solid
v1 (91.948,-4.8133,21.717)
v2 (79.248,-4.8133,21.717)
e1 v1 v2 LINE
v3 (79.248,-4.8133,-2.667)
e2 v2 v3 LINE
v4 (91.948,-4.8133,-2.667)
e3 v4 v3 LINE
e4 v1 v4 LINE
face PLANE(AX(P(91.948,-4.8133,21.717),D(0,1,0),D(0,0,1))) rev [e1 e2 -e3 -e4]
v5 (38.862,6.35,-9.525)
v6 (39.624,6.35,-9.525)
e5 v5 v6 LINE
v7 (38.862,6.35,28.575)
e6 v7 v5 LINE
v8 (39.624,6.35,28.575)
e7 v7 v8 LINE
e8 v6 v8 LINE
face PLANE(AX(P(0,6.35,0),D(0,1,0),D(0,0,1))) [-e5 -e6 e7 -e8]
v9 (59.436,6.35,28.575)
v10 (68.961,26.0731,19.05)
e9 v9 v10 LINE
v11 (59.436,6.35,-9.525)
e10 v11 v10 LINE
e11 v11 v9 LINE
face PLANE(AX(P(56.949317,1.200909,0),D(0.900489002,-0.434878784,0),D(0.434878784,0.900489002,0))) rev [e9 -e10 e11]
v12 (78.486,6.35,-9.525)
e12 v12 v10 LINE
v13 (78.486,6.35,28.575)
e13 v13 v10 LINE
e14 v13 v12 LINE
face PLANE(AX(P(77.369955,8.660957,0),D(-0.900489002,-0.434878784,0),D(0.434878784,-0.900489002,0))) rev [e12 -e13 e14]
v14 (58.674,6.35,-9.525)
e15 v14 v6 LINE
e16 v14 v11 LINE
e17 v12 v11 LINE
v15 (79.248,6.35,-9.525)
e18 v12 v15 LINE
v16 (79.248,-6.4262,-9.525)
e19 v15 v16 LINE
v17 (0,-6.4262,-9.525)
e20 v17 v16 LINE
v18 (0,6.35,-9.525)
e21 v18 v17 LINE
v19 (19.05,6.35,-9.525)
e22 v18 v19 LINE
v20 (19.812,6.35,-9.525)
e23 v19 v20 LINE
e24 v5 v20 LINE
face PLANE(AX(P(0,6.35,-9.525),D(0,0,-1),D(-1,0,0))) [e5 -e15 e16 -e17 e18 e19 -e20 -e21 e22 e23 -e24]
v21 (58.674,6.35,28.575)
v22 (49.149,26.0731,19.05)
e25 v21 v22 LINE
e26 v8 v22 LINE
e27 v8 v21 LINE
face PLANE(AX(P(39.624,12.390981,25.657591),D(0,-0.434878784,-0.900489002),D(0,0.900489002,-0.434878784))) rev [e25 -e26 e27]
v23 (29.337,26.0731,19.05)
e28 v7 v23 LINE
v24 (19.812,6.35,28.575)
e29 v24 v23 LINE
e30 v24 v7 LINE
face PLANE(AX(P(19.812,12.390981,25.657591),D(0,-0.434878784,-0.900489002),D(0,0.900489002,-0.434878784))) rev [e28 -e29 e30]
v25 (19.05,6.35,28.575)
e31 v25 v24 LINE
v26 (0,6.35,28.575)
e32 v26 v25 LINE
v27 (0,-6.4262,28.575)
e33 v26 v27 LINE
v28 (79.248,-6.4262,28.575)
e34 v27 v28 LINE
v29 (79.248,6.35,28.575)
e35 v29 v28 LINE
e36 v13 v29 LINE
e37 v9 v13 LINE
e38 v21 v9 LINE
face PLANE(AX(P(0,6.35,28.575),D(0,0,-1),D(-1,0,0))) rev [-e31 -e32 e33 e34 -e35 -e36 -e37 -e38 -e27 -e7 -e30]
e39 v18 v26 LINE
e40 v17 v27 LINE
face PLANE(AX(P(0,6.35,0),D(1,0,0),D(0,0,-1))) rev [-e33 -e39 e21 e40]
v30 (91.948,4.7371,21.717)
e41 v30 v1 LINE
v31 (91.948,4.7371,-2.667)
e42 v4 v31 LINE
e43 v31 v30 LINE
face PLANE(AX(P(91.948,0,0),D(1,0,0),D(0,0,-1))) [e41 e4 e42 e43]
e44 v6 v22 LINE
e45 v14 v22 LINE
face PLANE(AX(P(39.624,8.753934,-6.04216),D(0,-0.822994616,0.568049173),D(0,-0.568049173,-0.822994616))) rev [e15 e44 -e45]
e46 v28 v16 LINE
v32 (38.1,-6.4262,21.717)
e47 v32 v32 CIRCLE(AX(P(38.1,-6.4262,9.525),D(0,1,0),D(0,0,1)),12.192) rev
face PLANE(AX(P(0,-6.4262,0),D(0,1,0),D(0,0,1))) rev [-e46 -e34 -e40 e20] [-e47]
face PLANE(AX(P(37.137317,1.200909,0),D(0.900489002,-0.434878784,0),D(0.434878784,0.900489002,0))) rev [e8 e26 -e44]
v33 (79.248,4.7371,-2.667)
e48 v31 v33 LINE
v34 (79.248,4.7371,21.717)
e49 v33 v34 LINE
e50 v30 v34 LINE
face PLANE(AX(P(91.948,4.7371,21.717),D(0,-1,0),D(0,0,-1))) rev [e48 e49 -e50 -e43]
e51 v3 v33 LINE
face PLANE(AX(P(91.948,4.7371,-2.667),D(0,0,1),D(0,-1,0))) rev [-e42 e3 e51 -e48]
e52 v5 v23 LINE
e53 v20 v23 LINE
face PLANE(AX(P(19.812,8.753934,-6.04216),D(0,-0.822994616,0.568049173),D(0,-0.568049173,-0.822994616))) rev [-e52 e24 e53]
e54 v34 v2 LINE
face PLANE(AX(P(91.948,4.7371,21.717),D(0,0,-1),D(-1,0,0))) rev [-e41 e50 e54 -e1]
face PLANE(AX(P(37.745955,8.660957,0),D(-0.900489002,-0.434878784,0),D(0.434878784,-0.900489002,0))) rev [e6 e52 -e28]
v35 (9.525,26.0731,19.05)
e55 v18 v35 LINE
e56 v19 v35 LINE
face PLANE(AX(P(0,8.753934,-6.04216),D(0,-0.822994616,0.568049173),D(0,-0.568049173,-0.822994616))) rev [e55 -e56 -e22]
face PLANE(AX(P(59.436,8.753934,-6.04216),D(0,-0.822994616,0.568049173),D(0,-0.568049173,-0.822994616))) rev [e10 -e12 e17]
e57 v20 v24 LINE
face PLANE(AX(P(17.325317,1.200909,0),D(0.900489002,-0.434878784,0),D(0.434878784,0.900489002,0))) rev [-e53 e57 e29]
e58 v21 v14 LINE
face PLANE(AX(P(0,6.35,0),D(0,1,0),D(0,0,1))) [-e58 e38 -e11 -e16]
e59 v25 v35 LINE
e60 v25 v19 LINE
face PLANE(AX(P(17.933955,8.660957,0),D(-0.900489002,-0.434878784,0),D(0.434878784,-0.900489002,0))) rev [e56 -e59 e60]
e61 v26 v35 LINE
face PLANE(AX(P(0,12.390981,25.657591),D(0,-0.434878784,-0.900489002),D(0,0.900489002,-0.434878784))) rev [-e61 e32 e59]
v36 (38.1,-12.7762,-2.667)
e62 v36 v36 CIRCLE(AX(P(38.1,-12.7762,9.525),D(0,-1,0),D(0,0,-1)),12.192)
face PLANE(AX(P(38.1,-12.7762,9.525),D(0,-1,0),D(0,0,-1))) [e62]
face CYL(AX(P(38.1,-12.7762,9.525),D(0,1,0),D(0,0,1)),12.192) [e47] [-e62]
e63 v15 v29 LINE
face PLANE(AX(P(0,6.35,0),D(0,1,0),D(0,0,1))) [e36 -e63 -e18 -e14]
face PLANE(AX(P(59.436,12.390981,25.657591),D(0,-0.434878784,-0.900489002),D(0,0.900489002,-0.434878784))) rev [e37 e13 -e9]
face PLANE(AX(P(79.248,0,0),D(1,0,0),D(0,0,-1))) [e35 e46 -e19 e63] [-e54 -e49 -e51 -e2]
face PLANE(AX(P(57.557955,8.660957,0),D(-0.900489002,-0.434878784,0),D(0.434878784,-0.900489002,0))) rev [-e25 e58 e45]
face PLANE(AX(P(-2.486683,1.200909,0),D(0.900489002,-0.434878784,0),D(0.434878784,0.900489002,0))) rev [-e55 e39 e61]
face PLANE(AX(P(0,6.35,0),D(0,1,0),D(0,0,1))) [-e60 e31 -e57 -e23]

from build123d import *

# Parameters (mm, degrees)
SKETCH1_W           = 19.05
SKETCH1_H           = 19.05
BOSS_EXTRUDE2_DEPTH = 6.35
SKETCH8_W           = 217.17
SKETCH8_H           = 38.1
BOSS_EXTRUDE4_DEPTH = 6.35
SKETCH8_5_W         = 217.17
SKETCH8_5_H         = 38.1
BOSS_EXTRUDE5_DEPTH = 6.4262
SKETCH9_W           = 19.05
SKETCH9_H           = 38.1
LPATTERN3_COUNT     = 11
LPATTERN3_PITCH     = 19.812
SKETCH15_R          = 12.192
BOSS_EXTRUDE6_DEPTH = 6.35
SKETCH16_W          = 57.265249545
SKETCH16_H          = 42.292481859
CUT_EXTRUDE1_DEPTH  = 137.922
SKETCH17_W          = 24.384
SKETCH17_H          = 9.5504
BOSS_EXTRUDE7_DEPTH = 12.7


with BuildPart() as part:
    # Sketch1 → Boss-Extrude2 (new body)
    with BuildSketch(Plane(origin=(0, 0, 0), x_dir=(1, 0, 0), z_dir=(0, 1, 0))):
        with Locations((9.525, -9.525)):
            Rectangle(SKETCH1_W, SKETCH1_H)
    extrude(amount=BOSS_EXTRUDE2_DEPTH)

    # Sketch8 → Boss-Extrude4 (add)
    with BuildSketch(Plane(origin=(0, 0, 0), x_dir=(1, 0, 0), z_dir=(0, 1, 0))):
        with Locations((108.585, -9.525)):
            Rectangle(SKETCH8_W, SKETCH8_H)
    extrude(amount=BOSS_EXTRUDE4_DEPTH)

    # Sketch8<5> → Boss-Extrude5 (add)
    with BuildSketch(Plane(origin=(0, 0, 0), x_dir=(1, 0, 0), z_dir=(0, 1, 0))):
        with Locations((108.585, -9.525)):
            Rectangle(SKETCH8_5_W, SKETCH8_5_H)
    extrude(amount=-BOSS_EXTRUDE5_DEPTH)

    # Sketch9 → Loft3 section 0
    with BuildSketch(Plane(origin=(0, 6.35, 0), x_dir=(1, 0, 0), z_dir=(0, 1, 0)), mode=Mode.PRIVATE) as loft3_s0:
        with Locations((9.525, -9.525)):
            Rectangle(SKETCH9_W, SKETCH9_H)
    loft3 = loft([loft3_s0.sketch, Vertex(9.525, 26.0731, 19.05)])

    # LPattern3: Loft3 ×11
    with Locations(*[(i * LPATTERN3_PITCH, 0, 0) for i in range(1, LPATTERN3_COUNT)]):
        add(loft3)

    # Sketch15 → Boss-Extrude6 (add)
    with BuildSketch(Plane.XZ.offset(6.4262)):
        with Locations((179.07, 9.525)):
            Circle(SKETCH15_R)
        with Locations((38.1, 9.525)):
            Circle(SKETCH15_R)
        with Locations((108.585, 9.525)):
            Circle(SKETCH15_R)
    extrude(amount=BOSS_EXTRUDE6_DEPTH)

    # Sketch16 → Cut-Extrude1 (cut)
    with BuildSketch(Plane(origin=(217.17, 0, 0), x_dir=(0, 0, -1), z_dir=(1, 0, 0))):
        with Locations((-10.111619629, 6.16028271)):
            Rectangle(SKETCH16_W, SKETCH16_H)
    extrude(amount=-CUT_EXTRUDE1_DEPTH, mode=Mode.SUBTRACT)

    # Sketch17 → Boss-Extrude7 (add)
    with BuildSketch(Plane(origin=(79.248, 0, 0), x_dir=(0, 0, -1), z_dir=(1, 0, 0))):
        with Locations((-9.525, -0.0381)):
            Rectangle(SKETCH17_W, SKETCH17_H)
    extrude(amount=BOSS_EXTRUDE7_DEPTH)


solid = part.part
